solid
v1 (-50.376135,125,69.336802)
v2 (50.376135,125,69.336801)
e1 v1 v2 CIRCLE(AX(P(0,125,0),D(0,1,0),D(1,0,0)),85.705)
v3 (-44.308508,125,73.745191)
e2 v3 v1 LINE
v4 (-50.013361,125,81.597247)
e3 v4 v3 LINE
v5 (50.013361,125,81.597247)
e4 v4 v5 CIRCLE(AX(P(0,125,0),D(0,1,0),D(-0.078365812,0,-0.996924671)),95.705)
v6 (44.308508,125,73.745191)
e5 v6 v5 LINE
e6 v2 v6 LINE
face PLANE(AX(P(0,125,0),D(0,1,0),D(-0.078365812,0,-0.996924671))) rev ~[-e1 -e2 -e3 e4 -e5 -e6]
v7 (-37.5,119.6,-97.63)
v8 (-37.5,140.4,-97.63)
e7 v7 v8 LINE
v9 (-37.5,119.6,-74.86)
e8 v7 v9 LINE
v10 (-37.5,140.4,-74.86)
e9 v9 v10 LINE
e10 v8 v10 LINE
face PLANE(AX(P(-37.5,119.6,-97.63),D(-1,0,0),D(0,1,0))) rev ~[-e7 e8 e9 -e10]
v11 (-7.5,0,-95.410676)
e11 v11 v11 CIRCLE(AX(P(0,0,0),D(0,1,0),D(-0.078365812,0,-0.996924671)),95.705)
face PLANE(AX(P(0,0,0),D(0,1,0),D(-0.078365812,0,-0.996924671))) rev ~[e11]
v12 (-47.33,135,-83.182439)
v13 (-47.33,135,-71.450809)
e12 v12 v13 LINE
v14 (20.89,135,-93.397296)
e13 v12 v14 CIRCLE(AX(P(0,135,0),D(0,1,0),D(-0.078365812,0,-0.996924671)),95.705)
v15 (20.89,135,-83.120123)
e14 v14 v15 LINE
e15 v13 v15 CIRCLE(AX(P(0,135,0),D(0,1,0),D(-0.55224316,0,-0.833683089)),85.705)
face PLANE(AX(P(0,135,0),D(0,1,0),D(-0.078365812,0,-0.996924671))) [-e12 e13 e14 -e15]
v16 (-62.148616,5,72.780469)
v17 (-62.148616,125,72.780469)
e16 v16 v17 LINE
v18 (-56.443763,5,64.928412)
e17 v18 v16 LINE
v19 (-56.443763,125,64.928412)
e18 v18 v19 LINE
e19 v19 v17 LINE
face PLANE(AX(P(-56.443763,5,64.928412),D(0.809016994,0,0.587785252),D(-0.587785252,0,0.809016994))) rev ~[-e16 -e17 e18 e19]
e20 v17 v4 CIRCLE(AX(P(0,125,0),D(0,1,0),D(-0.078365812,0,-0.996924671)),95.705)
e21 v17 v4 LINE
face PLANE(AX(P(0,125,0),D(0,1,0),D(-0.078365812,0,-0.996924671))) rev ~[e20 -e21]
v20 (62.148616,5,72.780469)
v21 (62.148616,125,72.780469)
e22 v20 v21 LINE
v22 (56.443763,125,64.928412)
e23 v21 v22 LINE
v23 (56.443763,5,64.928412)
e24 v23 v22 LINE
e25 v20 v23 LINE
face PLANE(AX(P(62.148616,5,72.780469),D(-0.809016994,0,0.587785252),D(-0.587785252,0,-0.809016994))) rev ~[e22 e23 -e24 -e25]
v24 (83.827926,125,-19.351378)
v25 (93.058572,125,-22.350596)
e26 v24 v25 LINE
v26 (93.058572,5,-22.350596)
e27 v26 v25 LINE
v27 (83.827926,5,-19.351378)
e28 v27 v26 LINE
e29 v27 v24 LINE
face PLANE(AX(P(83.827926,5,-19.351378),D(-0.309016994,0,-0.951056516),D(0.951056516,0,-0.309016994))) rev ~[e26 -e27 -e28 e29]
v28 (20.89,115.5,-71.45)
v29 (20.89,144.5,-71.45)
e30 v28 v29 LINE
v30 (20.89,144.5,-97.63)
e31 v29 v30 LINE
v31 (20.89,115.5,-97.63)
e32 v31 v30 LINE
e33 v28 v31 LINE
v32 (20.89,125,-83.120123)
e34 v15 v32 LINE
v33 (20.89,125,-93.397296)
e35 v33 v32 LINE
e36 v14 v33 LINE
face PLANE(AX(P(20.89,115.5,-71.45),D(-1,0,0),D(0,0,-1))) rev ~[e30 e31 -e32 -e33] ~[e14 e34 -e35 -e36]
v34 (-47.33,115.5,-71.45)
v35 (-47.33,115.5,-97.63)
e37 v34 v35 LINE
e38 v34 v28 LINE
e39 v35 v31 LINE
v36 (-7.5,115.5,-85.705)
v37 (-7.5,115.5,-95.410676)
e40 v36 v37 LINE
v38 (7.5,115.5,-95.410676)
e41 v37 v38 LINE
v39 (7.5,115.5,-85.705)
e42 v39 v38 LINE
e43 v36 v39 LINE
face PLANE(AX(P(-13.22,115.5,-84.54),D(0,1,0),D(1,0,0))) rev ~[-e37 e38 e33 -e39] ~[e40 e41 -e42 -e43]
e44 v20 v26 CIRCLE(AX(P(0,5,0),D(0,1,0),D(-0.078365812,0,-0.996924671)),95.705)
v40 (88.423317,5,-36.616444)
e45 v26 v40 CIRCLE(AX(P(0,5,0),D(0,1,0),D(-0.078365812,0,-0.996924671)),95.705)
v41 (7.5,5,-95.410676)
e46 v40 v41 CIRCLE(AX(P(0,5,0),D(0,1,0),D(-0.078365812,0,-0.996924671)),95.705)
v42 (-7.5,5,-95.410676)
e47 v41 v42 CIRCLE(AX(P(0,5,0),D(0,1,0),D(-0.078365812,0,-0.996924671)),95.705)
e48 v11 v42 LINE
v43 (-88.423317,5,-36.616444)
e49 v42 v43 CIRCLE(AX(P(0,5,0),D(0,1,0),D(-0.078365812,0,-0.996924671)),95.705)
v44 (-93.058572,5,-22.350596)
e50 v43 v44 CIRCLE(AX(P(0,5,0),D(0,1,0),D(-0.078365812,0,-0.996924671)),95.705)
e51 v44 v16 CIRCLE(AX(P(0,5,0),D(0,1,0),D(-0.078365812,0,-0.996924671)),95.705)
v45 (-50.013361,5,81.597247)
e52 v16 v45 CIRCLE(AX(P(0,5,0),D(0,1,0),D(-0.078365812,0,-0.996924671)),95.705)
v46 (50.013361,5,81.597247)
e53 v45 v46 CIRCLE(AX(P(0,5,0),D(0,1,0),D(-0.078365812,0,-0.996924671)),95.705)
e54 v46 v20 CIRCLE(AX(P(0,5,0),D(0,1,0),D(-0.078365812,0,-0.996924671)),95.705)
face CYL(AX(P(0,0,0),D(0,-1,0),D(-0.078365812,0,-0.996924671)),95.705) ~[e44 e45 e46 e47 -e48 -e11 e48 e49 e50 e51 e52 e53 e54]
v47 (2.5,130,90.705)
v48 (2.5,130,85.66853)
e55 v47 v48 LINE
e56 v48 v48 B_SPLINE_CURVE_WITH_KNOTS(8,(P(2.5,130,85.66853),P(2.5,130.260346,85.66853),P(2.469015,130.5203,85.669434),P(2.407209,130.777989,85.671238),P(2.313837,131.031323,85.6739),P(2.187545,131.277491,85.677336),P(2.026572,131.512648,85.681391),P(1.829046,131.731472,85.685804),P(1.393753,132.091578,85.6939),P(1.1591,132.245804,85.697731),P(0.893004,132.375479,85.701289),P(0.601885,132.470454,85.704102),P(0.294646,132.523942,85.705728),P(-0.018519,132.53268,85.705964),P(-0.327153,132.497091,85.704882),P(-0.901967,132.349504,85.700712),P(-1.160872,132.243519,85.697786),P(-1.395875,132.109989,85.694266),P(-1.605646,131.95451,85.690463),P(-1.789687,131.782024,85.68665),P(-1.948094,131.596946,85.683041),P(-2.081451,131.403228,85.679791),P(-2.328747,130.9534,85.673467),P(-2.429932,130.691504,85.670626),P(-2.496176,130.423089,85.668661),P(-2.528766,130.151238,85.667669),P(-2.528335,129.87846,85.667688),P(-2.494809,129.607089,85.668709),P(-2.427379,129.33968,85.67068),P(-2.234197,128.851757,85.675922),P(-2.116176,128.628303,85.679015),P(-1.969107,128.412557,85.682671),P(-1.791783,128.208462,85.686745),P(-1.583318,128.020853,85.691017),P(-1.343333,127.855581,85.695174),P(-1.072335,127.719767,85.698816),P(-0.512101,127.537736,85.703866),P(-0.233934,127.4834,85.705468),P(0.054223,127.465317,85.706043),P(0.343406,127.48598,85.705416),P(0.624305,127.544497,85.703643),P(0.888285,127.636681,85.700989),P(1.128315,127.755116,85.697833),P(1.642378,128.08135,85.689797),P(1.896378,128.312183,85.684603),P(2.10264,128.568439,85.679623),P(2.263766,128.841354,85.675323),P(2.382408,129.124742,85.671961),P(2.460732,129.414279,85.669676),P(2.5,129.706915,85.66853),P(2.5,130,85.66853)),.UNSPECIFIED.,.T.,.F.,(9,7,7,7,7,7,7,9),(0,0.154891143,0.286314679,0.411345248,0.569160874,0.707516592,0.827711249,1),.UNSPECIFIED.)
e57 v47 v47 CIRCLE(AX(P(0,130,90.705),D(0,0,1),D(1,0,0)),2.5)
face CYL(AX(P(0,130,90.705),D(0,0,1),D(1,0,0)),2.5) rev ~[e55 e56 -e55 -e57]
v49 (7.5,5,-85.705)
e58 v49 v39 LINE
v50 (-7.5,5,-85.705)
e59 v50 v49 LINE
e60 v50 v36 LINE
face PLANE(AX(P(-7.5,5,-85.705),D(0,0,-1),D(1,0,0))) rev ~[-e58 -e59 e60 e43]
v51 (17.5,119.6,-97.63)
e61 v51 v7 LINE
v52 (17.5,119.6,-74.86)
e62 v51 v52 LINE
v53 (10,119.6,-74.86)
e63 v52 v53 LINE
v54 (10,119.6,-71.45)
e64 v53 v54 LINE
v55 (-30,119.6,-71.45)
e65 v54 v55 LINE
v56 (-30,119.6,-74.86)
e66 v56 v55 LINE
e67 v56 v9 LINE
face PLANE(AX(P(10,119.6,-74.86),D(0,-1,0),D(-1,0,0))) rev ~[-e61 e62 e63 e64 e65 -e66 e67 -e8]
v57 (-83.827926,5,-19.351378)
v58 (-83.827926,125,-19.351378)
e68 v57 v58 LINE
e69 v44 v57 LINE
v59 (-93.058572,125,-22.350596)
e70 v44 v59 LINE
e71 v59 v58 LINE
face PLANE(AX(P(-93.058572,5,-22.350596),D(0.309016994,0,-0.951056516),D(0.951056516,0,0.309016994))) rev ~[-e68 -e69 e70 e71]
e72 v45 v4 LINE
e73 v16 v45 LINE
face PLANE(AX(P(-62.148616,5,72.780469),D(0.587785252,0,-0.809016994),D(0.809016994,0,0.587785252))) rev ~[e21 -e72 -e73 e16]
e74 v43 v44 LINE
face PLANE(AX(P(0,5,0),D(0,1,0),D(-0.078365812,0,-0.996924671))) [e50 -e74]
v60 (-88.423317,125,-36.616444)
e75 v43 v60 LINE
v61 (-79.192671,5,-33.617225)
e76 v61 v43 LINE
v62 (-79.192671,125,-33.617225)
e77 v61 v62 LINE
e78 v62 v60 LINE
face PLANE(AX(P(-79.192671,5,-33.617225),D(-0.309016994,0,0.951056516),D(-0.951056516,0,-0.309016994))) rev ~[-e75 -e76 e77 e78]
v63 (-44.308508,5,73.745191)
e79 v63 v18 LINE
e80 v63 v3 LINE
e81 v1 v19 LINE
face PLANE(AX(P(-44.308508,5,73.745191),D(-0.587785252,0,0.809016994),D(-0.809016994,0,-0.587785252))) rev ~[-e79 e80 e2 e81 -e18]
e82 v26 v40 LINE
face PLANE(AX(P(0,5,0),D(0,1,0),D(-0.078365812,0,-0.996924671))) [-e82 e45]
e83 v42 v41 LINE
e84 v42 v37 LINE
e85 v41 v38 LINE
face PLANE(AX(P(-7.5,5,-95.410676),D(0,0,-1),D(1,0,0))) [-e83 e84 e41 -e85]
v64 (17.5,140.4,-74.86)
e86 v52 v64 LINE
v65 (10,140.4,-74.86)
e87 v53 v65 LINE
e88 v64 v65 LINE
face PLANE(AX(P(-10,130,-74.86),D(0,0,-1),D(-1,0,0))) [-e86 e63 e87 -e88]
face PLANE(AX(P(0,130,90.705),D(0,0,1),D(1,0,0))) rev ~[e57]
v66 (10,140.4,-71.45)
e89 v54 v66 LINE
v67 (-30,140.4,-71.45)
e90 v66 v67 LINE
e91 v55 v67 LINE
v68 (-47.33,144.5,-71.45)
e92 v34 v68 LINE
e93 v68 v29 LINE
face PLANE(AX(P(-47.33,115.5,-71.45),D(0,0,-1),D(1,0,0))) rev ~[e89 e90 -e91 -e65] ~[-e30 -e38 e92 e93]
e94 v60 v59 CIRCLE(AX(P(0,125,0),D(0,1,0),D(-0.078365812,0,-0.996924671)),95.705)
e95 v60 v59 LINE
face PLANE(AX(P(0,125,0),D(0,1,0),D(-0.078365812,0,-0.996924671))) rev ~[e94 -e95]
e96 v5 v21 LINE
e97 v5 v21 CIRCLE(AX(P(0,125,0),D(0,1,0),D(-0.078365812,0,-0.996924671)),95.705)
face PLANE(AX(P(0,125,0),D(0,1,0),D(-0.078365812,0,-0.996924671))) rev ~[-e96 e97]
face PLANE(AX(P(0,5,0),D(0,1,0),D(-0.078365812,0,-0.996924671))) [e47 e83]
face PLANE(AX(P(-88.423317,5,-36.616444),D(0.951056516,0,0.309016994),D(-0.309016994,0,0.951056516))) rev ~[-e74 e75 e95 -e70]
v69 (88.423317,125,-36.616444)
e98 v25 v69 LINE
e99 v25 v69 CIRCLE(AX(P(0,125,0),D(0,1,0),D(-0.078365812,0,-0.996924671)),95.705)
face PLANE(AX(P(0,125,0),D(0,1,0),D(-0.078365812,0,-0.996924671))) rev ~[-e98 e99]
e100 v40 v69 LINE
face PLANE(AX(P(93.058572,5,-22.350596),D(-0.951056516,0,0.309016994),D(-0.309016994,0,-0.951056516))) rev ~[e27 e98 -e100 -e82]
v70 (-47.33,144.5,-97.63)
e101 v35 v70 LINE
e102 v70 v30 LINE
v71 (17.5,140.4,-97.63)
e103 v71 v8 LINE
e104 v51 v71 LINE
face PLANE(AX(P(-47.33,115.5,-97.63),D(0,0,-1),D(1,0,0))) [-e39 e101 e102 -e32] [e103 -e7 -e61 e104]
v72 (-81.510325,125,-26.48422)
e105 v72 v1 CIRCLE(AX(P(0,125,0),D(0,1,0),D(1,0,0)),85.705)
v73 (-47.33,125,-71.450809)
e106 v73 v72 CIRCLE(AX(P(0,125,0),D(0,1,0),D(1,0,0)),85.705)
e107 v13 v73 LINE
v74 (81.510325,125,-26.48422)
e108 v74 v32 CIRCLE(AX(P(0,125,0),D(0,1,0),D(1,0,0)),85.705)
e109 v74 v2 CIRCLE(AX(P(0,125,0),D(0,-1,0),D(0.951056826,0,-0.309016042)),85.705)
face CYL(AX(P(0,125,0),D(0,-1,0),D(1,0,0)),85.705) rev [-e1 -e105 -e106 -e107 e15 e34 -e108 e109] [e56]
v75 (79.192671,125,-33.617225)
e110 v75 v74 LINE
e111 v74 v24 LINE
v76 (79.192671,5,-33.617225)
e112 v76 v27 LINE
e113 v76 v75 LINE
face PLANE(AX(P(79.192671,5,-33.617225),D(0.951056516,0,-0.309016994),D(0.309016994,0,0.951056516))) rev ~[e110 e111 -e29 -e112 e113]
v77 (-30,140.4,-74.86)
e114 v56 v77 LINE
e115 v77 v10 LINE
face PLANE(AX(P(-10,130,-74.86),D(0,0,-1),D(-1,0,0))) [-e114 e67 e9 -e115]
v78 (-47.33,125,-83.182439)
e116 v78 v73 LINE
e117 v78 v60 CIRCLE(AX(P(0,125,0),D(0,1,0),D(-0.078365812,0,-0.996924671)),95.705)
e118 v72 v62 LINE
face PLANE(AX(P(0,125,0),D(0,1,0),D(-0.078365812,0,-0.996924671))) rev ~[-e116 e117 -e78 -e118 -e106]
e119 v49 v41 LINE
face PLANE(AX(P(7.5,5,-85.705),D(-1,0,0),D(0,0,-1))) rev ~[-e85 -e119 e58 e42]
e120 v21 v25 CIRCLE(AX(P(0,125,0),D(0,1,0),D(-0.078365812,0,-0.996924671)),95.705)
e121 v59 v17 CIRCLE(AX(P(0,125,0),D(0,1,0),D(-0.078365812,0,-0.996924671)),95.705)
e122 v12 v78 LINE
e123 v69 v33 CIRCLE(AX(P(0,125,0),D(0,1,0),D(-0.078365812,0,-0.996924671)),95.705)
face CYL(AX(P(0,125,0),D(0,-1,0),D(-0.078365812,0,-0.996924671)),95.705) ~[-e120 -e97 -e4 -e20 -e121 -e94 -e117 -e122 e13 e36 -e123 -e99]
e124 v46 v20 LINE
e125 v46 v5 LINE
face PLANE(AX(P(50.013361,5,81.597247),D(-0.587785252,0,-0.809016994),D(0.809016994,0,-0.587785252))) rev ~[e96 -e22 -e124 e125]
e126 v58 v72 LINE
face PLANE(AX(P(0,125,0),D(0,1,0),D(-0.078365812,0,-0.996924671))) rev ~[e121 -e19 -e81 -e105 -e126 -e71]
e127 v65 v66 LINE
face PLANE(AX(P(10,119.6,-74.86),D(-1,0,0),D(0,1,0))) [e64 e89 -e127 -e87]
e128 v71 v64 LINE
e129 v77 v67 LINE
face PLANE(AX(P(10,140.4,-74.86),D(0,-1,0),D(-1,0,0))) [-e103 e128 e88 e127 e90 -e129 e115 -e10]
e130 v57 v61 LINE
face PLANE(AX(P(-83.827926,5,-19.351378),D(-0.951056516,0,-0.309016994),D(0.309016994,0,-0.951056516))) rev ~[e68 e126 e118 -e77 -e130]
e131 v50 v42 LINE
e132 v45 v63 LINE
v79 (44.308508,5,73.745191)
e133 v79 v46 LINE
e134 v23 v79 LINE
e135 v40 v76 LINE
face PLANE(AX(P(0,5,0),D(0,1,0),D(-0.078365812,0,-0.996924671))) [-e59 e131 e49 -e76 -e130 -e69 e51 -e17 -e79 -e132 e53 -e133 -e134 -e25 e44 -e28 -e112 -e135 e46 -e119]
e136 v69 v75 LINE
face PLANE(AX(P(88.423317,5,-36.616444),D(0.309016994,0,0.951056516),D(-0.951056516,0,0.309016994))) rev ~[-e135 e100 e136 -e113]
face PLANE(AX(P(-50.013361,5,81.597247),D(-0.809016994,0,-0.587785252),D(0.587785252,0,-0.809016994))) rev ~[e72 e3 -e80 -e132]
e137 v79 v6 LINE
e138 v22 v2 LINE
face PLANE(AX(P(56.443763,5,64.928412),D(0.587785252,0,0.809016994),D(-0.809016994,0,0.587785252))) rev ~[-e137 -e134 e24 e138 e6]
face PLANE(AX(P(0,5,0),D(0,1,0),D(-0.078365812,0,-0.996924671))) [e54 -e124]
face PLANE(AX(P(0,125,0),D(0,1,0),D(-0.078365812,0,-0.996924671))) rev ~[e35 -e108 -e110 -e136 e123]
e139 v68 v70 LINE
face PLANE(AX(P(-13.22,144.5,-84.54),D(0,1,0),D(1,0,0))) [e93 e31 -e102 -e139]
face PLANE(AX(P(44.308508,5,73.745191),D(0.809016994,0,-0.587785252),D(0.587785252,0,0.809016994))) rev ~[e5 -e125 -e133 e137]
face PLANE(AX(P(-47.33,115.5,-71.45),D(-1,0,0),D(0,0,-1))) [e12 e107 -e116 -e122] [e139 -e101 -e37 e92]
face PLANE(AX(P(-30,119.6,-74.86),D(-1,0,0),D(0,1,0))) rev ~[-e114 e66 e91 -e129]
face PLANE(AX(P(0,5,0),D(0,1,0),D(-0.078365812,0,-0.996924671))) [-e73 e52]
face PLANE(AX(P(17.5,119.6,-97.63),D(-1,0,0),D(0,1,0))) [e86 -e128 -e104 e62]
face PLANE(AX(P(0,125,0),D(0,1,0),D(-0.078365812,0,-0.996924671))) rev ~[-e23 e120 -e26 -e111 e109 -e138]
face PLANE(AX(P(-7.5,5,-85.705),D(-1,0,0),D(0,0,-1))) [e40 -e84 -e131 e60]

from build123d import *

# Parameters (mm, degrees)
SKETCH1_R                = 95.705
BOSS_EXTRUDE1_DEPTH      = 5
SKETCH2_W                = 15
SKETCH2_H                = 9.705675634
BOSS_EXTRUDE2_DEPTH      = 120
SKETCH3_R                = 95.705
SKETCH3_R_2              = 85.705
BOSS_EXTRUDE3_DEPTH      = 10
BOSS_EXTRUDE4_DEPTH      = 14.5
BOSS_EXTRUDE4_DEPTH_BACK = 14.5
SKETCH4_W                = 68.22
SKETCH4_H                = 26.18
SKETCH5_W                = 55
SKETCH5_H                = 20.8
CUT_EXTRUDE1_DEPTH       = 22.77
SKETCH6_W                = 40
SKETCH6_H                = 20.8
CUT_EXTRUDE2_DEPTH       = 5.77
SKETCH8_R                = 2.5
CUT_EXTRUDE3_DEPTH       = 5.77


with BuildPart() as part:
    # Sketch1 → Boss-Extrude1 (new body)
    with BuildSketch(Plane(origin=(0, 0, 0), x_dir=(1, 0, 0), z_dir=(0, 1, 0))):
        Circle(SKETCH1_R)
    extrude(amount=BOSS_EXTRUDE1_DEPTH)

    # Sketch2 → Boss-Extrude2 (add)
    with BuildSketch(Plane(origin=(0, 5, 0), x_dir=(1, 0, 0), z_dir=(0, 1, 0))):
        Polygon((83.827926187, 19.351377631), (93.058572244, 22.350596344), (88.423317328, 36.616444088), (79.192671271, 33.617225375), align=None)
        with Locations((0, 90.557837817)):
            Rectangle(SKETCH2_W, SKETCH2_H)
        Polygon((44.30850759, -73.745190895), (50.013360591, -81.597247425), (62.148615507, -72.780468641), (56.443762506, -64.928412111), align=None)
        Polygon((-56.443762506, -64.928412111), (-62.148615507, -72.780468641), (-50.013360591, -81.597247425), (-44.30850759, -73.745190895), align=None)
        Polygon((-79.192671271, 33.617225375), (-88.423317328, 36.616444088), (-93.058572244, 22.350596344), (-83.827926187, 19.351377631), align=None)
    extrude(amount=BOSS_EXTRUDE2_DEPTH)

    # Sketch3 → Boss-Extrude3 (add)
    with BuildSketch(Plane(origin=(0, 125, 0), x_dir=(1, 0, 0), z_dir=(0, 1, 0))):
        Circle(SKETCH3_R)
        Circle(SKETCH3_R_2, mode=Mode.SUBTRACT)
    extrude(amount=BOSS_EXTRUDE3_DEPTH)

    # Sketch4 → Boss-Extrude4 (add, two sides: drawn at the far end of the back side and taken through both)
    with BuildSketch(Plane(origin=(0, 130, 0), x_dir=(1, 0, 0), z_dir=(0, 1, 0)).offset(-BOSS_EXTRUDE4_DEPTH_BACK)):
        with Locations((-13.22, 84.54)):
            Rectangle(SKETCH4_W, SKETCH4_H)
    extrude(amount=BOSS_EXTRUDE4_DEPTH + BOSS_EXTRUDE4_DEPTH_BACK)

    # Sketch5 → Cut-Extrude1 (cut)
    with BuildSketch(Plane(origin=(0, 0, -97.63), x_dir=(-1, 0, 0), z_dir=(0, 0, -1))):
        with Locations((10, 130)):
            Rectangle(SKETCH5_W, SKETCH5_H)
    extrude(amount=-CUT_EXTRUDE1_DEPTH, mode=Mode.SUBTRACT)

    # Sketch6 → Cut-Extrude2 (cut)
    with BuildSketch(Plane(origin=(0, 0, -74.86), x_dir=(-1, 0, 0), z_dir=(0, 0, -1))):
        with Locations((10, 130)):
            Rectangle(SKETCH6_W, SKETCH6_H)
    extrude(amount=-CUT_EXTRUDE2_DEPTH, mode=Mode.SUBTRACT)

    # Sketch8 → Cut-Extrude3 (cut)
    with BuildSketch(Plane.XY.offset(90.705)):
        with Locations((0, 130)):
            Circle(SKETCH8_R)
    extrude(amount=-CUT_EXTRUDE3_DEPTH, mode=Mode.SUBTRACT)


solid = part.part
